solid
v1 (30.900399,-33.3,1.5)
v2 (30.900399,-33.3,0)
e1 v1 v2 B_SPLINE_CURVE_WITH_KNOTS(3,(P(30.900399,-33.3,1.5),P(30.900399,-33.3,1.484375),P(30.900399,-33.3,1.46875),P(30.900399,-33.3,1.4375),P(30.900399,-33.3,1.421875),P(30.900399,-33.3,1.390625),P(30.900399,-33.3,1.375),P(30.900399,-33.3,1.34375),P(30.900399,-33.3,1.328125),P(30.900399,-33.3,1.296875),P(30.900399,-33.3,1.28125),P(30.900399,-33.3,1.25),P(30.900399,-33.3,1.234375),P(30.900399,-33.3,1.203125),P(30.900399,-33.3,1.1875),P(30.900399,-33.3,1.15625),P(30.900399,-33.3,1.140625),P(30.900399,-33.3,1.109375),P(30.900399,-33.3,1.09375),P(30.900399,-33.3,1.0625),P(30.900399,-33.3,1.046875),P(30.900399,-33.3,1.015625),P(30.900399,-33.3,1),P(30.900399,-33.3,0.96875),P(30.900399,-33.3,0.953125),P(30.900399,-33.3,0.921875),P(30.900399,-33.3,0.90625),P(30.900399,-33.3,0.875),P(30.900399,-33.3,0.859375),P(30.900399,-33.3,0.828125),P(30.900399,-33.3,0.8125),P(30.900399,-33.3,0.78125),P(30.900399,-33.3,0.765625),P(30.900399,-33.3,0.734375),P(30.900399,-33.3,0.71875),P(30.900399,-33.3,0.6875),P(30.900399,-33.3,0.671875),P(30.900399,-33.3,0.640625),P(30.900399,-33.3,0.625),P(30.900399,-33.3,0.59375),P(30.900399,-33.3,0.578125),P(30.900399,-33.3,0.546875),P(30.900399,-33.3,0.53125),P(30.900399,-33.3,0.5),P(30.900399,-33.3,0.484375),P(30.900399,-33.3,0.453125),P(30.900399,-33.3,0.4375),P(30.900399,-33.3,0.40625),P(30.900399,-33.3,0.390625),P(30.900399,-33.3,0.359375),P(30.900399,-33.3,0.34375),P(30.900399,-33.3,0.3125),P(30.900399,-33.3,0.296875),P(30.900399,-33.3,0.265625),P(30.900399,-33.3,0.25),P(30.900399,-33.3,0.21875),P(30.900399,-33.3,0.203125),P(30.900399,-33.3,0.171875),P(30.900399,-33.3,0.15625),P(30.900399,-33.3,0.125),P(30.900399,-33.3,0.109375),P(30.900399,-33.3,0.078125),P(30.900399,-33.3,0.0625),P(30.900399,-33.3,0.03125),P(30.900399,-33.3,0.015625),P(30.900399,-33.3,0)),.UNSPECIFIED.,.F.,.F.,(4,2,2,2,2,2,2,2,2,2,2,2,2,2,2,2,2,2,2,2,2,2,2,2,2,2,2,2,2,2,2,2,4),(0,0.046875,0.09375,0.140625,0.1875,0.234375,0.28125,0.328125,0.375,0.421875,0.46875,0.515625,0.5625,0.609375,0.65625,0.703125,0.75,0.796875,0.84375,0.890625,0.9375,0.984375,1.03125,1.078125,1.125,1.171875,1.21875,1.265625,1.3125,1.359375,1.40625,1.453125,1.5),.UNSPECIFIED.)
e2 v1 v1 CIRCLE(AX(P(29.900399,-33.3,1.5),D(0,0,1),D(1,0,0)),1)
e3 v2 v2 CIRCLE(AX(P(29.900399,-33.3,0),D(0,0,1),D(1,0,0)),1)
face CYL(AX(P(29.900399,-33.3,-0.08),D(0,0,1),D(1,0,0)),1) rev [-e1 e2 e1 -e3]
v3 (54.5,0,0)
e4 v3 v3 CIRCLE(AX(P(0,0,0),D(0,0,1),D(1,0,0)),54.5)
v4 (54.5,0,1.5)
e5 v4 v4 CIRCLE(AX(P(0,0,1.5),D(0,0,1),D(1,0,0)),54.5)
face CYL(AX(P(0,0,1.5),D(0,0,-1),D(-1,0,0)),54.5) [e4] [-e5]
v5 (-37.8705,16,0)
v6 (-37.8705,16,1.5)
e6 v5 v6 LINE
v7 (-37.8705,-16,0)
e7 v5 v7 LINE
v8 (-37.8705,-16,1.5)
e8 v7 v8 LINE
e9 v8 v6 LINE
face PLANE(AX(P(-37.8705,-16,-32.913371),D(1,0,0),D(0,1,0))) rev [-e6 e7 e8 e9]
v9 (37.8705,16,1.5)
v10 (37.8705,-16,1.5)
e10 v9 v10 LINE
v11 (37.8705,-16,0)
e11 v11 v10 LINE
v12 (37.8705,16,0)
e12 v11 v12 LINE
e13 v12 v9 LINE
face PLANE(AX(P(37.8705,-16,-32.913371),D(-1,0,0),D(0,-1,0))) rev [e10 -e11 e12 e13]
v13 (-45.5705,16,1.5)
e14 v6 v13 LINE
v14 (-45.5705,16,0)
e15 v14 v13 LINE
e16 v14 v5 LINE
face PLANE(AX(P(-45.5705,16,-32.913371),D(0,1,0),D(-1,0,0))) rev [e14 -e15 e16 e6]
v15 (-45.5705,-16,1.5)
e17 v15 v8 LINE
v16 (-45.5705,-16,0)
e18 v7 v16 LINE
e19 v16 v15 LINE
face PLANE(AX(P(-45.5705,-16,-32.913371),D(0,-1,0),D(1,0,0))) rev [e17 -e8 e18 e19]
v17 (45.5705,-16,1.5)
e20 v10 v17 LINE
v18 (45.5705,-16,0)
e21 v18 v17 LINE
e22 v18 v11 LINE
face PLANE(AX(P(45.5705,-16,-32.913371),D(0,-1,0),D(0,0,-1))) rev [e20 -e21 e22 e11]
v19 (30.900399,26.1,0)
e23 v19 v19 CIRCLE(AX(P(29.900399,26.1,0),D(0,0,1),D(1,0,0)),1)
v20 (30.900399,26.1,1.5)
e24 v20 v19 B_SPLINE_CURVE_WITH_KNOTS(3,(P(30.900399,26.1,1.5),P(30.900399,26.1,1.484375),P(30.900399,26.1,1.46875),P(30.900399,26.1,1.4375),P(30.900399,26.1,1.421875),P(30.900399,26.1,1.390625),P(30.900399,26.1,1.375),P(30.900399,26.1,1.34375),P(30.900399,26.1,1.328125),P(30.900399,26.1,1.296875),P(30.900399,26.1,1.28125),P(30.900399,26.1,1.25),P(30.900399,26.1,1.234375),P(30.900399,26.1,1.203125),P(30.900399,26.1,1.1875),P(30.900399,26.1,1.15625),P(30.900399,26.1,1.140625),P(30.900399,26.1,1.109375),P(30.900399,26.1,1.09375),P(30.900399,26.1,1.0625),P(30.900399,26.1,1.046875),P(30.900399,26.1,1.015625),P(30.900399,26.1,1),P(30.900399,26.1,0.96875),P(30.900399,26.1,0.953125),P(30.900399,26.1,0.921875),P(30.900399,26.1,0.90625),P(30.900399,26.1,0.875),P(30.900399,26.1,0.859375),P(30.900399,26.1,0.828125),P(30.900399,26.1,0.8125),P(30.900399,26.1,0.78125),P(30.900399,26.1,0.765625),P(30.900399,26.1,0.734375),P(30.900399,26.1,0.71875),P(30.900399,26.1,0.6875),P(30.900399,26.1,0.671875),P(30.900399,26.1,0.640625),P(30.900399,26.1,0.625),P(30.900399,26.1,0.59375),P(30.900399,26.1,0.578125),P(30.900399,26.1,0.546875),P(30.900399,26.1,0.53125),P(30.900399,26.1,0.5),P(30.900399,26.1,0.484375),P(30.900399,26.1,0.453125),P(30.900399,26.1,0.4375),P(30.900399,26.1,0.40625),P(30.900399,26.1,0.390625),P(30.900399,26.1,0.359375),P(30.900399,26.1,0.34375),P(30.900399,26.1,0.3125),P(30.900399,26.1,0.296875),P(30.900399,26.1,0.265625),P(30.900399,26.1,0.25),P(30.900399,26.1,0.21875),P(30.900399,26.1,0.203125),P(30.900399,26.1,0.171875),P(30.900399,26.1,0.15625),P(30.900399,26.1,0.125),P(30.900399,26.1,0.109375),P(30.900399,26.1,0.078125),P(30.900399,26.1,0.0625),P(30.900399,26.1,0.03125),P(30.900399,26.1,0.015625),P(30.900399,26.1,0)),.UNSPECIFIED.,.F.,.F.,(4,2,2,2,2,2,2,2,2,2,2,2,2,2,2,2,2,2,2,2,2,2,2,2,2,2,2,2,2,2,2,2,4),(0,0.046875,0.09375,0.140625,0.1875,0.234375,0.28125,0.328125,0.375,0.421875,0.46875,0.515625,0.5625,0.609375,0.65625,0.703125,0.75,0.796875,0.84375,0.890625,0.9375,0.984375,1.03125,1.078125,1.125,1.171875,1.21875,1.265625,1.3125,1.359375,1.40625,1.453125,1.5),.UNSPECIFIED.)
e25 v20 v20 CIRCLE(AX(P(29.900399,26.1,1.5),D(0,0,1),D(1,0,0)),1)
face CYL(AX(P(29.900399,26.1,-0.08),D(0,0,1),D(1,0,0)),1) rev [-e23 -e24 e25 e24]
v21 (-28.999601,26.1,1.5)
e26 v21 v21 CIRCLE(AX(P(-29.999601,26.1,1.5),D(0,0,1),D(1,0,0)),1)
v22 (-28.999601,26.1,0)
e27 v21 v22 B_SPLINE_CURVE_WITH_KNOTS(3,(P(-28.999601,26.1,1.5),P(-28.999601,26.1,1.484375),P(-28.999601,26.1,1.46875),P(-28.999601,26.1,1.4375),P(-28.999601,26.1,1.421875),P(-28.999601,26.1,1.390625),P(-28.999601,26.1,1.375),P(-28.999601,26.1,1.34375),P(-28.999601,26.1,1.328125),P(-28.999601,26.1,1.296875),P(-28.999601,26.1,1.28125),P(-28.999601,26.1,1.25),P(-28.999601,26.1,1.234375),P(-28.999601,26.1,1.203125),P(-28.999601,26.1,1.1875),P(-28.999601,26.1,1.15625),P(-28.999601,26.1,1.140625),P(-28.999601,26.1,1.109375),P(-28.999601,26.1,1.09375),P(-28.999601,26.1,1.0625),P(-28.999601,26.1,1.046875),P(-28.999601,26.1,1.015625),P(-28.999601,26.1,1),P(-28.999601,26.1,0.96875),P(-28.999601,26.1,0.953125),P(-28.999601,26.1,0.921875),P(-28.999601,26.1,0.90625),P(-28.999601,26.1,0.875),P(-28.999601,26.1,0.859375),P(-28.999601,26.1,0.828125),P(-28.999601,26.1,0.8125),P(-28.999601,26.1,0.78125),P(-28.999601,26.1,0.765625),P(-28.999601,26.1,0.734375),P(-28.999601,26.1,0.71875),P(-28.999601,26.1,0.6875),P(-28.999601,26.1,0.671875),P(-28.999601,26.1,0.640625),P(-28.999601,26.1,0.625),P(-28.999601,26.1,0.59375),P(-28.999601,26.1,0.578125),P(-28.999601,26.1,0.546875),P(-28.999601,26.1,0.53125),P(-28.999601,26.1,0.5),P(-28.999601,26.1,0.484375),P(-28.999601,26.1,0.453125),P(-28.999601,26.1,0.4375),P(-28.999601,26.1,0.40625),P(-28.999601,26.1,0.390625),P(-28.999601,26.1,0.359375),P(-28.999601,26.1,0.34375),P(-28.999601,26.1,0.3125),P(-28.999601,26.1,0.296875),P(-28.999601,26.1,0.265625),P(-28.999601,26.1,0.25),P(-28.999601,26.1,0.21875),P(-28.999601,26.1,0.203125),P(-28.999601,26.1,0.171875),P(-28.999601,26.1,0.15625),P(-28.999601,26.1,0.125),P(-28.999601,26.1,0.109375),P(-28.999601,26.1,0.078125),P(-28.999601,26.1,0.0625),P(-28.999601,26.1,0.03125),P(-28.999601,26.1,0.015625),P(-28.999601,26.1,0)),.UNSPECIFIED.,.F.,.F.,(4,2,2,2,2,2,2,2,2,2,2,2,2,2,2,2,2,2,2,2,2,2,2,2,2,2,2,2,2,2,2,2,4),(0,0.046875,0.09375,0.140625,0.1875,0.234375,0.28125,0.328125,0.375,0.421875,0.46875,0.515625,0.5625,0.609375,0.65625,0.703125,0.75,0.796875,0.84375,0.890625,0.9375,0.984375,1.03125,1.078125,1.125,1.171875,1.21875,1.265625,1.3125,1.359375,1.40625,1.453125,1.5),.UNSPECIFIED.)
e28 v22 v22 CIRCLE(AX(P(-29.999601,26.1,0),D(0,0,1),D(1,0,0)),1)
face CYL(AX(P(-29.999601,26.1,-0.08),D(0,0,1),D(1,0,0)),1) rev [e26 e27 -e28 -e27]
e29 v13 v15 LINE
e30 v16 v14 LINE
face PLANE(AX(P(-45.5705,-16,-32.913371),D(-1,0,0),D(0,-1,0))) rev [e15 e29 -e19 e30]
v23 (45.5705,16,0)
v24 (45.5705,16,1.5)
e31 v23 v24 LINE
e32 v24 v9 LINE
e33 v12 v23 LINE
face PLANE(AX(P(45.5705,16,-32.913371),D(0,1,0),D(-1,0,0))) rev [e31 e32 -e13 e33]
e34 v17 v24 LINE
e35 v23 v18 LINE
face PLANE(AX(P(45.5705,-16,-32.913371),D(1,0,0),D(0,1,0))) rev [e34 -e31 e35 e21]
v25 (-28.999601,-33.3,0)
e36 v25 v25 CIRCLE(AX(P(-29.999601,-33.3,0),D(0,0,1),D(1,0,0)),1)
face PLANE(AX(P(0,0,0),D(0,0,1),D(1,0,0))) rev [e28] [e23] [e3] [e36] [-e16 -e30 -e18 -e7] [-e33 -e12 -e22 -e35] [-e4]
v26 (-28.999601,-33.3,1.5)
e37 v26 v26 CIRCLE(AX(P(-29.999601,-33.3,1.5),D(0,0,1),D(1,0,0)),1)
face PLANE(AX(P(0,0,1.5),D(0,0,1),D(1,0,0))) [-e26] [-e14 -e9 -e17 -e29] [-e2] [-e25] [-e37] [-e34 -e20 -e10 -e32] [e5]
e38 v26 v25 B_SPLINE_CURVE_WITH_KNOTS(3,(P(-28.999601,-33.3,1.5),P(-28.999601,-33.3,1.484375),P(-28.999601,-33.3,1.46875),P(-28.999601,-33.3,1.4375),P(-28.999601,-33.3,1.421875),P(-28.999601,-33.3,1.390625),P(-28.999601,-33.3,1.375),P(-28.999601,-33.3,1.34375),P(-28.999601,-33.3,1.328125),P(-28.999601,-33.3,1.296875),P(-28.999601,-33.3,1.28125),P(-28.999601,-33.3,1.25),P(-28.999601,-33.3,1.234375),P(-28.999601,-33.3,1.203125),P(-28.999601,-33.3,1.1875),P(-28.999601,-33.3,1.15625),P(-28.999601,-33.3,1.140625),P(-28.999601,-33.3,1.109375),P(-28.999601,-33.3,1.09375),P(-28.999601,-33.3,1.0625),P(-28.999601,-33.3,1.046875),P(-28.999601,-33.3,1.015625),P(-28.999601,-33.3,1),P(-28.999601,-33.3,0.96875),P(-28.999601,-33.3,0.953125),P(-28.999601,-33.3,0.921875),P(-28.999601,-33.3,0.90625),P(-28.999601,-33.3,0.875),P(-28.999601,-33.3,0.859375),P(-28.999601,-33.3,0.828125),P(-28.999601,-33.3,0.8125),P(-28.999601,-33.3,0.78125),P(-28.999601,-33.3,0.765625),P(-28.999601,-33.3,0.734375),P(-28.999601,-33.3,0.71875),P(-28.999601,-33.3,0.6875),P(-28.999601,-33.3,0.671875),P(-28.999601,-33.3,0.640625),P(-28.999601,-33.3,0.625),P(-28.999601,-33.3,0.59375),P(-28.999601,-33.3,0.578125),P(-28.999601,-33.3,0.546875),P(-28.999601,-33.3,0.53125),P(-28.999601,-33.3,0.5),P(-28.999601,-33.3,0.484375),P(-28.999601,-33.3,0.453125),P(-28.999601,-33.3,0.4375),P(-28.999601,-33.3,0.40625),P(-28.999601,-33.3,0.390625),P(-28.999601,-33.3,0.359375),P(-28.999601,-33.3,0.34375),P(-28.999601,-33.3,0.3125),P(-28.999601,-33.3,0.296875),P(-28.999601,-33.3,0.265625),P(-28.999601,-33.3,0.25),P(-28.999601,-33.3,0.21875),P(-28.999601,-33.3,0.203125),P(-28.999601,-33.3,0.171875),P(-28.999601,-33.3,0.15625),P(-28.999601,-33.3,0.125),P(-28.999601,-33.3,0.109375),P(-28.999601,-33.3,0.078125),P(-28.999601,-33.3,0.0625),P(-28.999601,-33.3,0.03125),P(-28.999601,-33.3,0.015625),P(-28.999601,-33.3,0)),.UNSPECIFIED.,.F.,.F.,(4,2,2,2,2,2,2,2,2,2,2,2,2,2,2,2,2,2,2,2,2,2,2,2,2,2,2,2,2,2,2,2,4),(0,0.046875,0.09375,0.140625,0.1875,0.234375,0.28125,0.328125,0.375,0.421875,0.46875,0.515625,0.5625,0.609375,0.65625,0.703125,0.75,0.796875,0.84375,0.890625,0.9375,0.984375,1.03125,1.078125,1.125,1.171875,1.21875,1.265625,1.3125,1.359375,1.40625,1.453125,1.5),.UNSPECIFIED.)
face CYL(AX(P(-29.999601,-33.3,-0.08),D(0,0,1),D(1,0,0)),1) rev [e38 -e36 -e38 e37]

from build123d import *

# Parameters (mm, degrees)
SKETCH1_R                = 54.5
BOSS_EXTRUDE1_DEPTH      = 1.5
SKETCH2_R                = 1
CUT_EXTRUDE1_DEPTH       = 1.58
SKICA1_W                 = 7.7
SKICA1_H                 = 32
ODEBRAT_VYSUNUT_M1_DEPTH = 1.5


with BuildPart() as part:
    # Sketch1 → Boss-Extrude1 (new body)
    with BuildSketch(Plane.XY):
        Circle(SKETCH1_R)
    extrude(amount=BOSS_EXTRUDE1_DEPTH)

    # Sketch2 → Cut-Extrude1 (cut)
    with BuildSketch(Plane.XY.offset(1.5)):
        with Locations((29.900398584, 26.1)):
            Circle(SKETCH2_R)
        with Locations((29.900398584, -33.3)):
            Circle(SKETCH2_R)
        with Locations((-29.999601416, -33.3)):
            Circle(SKETCH2_R)
        with Locations((-29.999601416, 26.1)):
            Circle(SKETCH2_R)
    extrude(amount=-CUT_EXTRUDE1_DEPTH, mode=Mode.SUBTRACT)

    # Skica1 → Odebrat vysunutím1 (cut)
    with BuildSketch(Plane.XY.offset(1.5)):
        with Locations((41.7205, 0)):
            Rectangle(SKICA1_W, SKICA1_H)
        with Locations((-41.7205, 0)):
            Rectangle(SKICA1_W, SKICA1_H)
    extrude(amount=-ODEBRAT_VYSUNUT_M1_DEPTH, mode=Mode.SUBTRACT)


solid = part.part
